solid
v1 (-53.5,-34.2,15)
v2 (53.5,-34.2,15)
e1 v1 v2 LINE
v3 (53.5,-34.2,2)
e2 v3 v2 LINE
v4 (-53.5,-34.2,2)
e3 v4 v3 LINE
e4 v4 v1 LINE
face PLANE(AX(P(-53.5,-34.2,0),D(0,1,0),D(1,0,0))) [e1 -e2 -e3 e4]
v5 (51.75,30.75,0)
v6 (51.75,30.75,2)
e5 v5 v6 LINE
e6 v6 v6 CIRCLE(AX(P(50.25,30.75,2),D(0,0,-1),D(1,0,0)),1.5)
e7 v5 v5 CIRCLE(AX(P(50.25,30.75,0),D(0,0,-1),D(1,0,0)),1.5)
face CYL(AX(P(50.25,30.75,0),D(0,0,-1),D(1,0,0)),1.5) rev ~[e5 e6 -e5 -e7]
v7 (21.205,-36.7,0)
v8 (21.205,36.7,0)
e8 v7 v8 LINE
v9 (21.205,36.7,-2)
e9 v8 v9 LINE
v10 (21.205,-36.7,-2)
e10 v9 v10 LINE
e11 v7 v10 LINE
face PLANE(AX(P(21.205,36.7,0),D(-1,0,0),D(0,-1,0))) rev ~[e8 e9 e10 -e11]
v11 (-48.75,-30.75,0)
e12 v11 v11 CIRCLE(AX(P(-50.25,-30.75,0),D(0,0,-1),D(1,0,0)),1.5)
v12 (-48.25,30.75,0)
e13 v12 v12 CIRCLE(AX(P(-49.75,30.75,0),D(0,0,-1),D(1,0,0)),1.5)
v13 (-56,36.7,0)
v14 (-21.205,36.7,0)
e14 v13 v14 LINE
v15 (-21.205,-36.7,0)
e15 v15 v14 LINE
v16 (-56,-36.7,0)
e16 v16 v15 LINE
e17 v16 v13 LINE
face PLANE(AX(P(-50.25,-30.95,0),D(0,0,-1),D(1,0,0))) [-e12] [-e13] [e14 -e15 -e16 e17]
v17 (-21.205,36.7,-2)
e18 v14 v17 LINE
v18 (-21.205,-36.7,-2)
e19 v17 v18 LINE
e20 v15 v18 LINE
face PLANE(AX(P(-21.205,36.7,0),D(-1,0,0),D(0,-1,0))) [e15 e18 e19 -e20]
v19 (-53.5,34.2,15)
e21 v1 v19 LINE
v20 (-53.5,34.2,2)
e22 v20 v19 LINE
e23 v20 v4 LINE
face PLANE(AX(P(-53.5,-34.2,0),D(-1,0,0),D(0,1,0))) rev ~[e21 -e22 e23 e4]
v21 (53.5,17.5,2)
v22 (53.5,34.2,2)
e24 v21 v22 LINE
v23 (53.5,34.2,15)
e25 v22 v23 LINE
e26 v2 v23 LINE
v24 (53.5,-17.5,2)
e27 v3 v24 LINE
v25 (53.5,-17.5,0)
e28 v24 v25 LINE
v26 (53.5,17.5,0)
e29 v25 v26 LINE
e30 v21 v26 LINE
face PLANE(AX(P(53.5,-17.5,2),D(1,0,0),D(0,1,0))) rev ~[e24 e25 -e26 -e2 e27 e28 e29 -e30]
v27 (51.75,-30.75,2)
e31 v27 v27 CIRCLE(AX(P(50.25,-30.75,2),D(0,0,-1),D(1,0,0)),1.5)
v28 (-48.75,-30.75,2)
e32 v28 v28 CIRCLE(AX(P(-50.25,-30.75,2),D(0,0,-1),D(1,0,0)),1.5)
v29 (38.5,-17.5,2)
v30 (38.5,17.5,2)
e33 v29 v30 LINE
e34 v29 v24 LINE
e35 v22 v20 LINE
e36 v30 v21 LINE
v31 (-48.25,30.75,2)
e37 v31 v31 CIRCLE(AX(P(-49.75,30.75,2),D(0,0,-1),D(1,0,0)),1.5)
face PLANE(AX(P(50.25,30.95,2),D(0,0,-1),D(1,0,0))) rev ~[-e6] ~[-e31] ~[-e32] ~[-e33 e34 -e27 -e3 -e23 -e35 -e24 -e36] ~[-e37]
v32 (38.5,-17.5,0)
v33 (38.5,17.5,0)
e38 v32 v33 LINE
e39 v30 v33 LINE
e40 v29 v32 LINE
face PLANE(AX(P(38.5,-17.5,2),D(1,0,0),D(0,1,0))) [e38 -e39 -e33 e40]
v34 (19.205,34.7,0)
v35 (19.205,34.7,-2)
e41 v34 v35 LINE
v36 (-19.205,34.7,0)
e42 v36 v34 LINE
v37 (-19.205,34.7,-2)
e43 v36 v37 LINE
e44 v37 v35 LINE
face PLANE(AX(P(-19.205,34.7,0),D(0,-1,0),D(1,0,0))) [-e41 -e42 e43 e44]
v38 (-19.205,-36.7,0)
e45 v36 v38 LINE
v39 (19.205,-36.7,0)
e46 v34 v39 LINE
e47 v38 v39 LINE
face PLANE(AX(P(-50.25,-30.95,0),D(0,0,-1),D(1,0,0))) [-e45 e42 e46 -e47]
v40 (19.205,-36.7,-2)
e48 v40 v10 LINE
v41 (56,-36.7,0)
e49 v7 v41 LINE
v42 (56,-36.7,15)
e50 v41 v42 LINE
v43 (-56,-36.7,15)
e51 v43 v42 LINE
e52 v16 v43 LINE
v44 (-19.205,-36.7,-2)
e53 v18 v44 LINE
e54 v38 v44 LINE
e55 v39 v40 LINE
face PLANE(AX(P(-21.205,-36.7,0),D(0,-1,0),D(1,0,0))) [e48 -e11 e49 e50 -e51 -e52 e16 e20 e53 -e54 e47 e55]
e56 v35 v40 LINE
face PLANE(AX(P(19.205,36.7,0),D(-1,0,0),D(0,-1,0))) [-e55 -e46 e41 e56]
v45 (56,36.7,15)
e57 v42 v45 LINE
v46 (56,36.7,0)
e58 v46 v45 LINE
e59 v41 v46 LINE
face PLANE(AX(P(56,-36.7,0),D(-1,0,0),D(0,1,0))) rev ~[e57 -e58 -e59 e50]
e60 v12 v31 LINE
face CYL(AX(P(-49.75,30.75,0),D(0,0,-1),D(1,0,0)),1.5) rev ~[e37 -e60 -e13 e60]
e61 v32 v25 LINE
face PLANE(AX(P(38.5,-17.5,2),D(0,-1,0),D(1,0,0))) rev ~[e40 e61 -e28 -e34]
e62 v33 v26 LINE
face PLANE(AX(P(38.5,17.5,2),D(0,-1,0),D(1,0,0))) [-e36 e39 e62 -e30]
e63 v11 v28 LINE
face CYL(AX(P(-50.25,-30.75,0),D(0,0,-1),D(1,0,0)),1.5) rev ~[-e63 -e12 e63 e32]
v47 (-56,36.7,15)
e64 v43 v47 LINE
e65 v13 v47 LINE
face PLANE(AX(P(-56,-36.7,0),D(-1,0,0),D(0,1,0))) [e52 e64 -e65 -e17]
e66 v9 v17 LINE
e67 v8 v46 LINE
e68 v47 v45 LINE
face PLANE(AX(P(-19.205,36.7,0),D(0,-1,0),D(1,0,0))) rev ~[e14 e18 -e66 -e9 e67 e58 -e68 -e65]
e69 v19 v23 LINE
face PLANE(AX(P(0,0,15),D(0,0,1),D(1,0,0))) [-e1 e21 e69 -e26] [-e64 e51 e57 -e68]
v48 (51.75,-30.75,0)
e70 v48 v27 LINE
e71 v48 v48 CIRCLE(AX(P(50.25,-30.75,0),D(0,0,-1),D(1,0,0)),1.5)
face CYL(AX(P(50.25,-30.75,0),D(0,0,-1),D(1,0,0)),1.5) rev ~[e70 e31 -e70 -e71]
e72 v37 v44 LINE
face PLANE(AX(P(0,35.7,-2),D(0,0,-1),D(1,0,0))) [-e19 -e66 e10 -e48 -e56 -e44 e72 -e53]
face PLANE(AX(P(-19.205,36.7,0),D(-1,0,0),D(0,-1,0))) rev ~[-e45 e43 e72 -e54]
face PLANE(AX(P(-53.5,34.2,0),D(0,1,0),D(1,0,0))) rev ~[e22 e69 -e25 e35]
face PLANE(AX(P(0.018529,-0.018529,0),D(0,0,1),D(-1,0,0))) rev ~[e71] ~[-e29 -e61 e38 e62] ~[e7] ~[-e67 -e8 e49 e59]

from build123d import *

# Parameters (mm, degrees)
SKETCH_W        = 112
SKETCH_H        = 73.4
SKETCH_W_2      = 107
SKETCH_H_2      = 68.4
PAD_DEPTH       = 15
SKETCH001_W     = 6.5
SKETCH001_H     = 6.5
SKETCH001_W_2   = 7.5
PAD001_DEPTH    = 2
SKETCH002_R     = 1.5
POCKET_DEPTH    = 2
SKETCH003_W     = 2
SKETCH003_H     = 73.4
PAD002_DEPTH    = 2
PAD003_DEPTH    = 2
SKETCH005_W     = 15
SKETCH005_H     = 35
POCKET001_DEPTH = 5
SKETCH006_W     = 38.41
SKETCH006_H     = 2
PAD004_DEPTH    = 2


with BuildPart() as part:
    # Sketch → Pad (new body)
    with BuildSketch(Plane.XY):
        Rectangle(SKETCH_W, SKETCH_H)
        Rectangle(SKETCH_W_2, SKETCH_H_2, mode=Mode.SUBTRACT)
    extrude(amount=PAD_DEPTH)

    # Sketch001 (on Face9 of Pad) → Pad001 (join)
    with BuildSketch(Plane(origin=(0, 0, 0), x_dir=(1, 0, 0), z_dir=(0, 0, -1))):
        with Locations((-50.25, 30.95)):
            Rectangle(SKETCH001_W, SKETCH001_H)
        with Locations((-49.75, -30.95)):
            Rectangle(SKETCH001_W_2, SKETCH001_H)
        with Locations((50.25, 30.95)):
            Rectangle(SKETCH001_W, SKETCH001_H)
        with Locations((50.25, -30.95)):
            Rectangle(SKETCH001_W, SKETCH001_H)
    extrude(amount=-PAD001_DEPTH)

    # Sketch002 (on Face22 of Pad001) → Pocket (cut)
    with BuildSketch(Plane(origin=(0, 0, 0), x_dir=(1, 0, 0), z_dir=(0, 0, -1))):
        with Locations((-50.25, 30.75)):
            Circle(SKETCH002_R)
        with Locations((50.25, -30.75)):
            Circle(SKETCH002_R)
        with Locations((-49.75, -30.75)):
            Circle(SKETCH002_R)
        with Locations((50.25, 30.75)):
            Circle(SKETCH002_R)
    extrude(amount=-POCKET_DEPTH, mode=Mode.SUBTRACT)

    # Sketch003 (on Face9 of Pad) → Pad002 (join)
    with BuildSketch(Plane(origin=(0, 0, 0), x_dir=(1, 0, 0), z_dir=(0, 0, -1))):
        with Locations((-20.205, 0)):
            Rectangle(SKETCH003_W, SKETCH003_H)
        with Locations((20.205, 0)):
            Rectangle(SKETCH003_W, SKETCH003_H)
    extrude(amount=PAD002_DEPTH)

    # Sketch004 (on Face4 of Pocket) → Pad003 (join)
    with BuildSketch(Plane(origin=(0, 0, 0), x_dir=(1, 0, 0), z_dir=(0, 0, -1))):
        Polygon((47, -34.2), (-46, -34.2), (-46, -27.7), (-53.5, -27.7), (-53.5, 27.7), (-47, 27.7), (-47, 34.2), (47, 34.2), (47, 27.7), (53.5, 27.7), (53.5, -27.7), (47, -27.7), align=None)
    extrude(amount=-PAD003_DEPTH)

    # Sketch005 (on Face23 of Pad003) → Pocket001 (cut)
    with BuildSketch(Plane.XY.offset(2)):
        with Locations((46, 0)):
            Rectangle(SKETCH005_W, SKETCH005_H)
    extrude(amount=-POCKET001_DEPTH, mode=Mode.SUBTRACT)

    # Sketch006 (on Face11 of Pocket001) → Pad004 (join)
    with BuildSketch(Plane(origin=(0, 0, 0), x_dir=(1, 0, 0), z_dir=(0, 0, -1))):
        with Locations((0, -35.7)):
            Rectangle(SKETCH006_W, SKETCH006_H)
    extrude(amount=PAD004_DEPTH)


solid = part.part
